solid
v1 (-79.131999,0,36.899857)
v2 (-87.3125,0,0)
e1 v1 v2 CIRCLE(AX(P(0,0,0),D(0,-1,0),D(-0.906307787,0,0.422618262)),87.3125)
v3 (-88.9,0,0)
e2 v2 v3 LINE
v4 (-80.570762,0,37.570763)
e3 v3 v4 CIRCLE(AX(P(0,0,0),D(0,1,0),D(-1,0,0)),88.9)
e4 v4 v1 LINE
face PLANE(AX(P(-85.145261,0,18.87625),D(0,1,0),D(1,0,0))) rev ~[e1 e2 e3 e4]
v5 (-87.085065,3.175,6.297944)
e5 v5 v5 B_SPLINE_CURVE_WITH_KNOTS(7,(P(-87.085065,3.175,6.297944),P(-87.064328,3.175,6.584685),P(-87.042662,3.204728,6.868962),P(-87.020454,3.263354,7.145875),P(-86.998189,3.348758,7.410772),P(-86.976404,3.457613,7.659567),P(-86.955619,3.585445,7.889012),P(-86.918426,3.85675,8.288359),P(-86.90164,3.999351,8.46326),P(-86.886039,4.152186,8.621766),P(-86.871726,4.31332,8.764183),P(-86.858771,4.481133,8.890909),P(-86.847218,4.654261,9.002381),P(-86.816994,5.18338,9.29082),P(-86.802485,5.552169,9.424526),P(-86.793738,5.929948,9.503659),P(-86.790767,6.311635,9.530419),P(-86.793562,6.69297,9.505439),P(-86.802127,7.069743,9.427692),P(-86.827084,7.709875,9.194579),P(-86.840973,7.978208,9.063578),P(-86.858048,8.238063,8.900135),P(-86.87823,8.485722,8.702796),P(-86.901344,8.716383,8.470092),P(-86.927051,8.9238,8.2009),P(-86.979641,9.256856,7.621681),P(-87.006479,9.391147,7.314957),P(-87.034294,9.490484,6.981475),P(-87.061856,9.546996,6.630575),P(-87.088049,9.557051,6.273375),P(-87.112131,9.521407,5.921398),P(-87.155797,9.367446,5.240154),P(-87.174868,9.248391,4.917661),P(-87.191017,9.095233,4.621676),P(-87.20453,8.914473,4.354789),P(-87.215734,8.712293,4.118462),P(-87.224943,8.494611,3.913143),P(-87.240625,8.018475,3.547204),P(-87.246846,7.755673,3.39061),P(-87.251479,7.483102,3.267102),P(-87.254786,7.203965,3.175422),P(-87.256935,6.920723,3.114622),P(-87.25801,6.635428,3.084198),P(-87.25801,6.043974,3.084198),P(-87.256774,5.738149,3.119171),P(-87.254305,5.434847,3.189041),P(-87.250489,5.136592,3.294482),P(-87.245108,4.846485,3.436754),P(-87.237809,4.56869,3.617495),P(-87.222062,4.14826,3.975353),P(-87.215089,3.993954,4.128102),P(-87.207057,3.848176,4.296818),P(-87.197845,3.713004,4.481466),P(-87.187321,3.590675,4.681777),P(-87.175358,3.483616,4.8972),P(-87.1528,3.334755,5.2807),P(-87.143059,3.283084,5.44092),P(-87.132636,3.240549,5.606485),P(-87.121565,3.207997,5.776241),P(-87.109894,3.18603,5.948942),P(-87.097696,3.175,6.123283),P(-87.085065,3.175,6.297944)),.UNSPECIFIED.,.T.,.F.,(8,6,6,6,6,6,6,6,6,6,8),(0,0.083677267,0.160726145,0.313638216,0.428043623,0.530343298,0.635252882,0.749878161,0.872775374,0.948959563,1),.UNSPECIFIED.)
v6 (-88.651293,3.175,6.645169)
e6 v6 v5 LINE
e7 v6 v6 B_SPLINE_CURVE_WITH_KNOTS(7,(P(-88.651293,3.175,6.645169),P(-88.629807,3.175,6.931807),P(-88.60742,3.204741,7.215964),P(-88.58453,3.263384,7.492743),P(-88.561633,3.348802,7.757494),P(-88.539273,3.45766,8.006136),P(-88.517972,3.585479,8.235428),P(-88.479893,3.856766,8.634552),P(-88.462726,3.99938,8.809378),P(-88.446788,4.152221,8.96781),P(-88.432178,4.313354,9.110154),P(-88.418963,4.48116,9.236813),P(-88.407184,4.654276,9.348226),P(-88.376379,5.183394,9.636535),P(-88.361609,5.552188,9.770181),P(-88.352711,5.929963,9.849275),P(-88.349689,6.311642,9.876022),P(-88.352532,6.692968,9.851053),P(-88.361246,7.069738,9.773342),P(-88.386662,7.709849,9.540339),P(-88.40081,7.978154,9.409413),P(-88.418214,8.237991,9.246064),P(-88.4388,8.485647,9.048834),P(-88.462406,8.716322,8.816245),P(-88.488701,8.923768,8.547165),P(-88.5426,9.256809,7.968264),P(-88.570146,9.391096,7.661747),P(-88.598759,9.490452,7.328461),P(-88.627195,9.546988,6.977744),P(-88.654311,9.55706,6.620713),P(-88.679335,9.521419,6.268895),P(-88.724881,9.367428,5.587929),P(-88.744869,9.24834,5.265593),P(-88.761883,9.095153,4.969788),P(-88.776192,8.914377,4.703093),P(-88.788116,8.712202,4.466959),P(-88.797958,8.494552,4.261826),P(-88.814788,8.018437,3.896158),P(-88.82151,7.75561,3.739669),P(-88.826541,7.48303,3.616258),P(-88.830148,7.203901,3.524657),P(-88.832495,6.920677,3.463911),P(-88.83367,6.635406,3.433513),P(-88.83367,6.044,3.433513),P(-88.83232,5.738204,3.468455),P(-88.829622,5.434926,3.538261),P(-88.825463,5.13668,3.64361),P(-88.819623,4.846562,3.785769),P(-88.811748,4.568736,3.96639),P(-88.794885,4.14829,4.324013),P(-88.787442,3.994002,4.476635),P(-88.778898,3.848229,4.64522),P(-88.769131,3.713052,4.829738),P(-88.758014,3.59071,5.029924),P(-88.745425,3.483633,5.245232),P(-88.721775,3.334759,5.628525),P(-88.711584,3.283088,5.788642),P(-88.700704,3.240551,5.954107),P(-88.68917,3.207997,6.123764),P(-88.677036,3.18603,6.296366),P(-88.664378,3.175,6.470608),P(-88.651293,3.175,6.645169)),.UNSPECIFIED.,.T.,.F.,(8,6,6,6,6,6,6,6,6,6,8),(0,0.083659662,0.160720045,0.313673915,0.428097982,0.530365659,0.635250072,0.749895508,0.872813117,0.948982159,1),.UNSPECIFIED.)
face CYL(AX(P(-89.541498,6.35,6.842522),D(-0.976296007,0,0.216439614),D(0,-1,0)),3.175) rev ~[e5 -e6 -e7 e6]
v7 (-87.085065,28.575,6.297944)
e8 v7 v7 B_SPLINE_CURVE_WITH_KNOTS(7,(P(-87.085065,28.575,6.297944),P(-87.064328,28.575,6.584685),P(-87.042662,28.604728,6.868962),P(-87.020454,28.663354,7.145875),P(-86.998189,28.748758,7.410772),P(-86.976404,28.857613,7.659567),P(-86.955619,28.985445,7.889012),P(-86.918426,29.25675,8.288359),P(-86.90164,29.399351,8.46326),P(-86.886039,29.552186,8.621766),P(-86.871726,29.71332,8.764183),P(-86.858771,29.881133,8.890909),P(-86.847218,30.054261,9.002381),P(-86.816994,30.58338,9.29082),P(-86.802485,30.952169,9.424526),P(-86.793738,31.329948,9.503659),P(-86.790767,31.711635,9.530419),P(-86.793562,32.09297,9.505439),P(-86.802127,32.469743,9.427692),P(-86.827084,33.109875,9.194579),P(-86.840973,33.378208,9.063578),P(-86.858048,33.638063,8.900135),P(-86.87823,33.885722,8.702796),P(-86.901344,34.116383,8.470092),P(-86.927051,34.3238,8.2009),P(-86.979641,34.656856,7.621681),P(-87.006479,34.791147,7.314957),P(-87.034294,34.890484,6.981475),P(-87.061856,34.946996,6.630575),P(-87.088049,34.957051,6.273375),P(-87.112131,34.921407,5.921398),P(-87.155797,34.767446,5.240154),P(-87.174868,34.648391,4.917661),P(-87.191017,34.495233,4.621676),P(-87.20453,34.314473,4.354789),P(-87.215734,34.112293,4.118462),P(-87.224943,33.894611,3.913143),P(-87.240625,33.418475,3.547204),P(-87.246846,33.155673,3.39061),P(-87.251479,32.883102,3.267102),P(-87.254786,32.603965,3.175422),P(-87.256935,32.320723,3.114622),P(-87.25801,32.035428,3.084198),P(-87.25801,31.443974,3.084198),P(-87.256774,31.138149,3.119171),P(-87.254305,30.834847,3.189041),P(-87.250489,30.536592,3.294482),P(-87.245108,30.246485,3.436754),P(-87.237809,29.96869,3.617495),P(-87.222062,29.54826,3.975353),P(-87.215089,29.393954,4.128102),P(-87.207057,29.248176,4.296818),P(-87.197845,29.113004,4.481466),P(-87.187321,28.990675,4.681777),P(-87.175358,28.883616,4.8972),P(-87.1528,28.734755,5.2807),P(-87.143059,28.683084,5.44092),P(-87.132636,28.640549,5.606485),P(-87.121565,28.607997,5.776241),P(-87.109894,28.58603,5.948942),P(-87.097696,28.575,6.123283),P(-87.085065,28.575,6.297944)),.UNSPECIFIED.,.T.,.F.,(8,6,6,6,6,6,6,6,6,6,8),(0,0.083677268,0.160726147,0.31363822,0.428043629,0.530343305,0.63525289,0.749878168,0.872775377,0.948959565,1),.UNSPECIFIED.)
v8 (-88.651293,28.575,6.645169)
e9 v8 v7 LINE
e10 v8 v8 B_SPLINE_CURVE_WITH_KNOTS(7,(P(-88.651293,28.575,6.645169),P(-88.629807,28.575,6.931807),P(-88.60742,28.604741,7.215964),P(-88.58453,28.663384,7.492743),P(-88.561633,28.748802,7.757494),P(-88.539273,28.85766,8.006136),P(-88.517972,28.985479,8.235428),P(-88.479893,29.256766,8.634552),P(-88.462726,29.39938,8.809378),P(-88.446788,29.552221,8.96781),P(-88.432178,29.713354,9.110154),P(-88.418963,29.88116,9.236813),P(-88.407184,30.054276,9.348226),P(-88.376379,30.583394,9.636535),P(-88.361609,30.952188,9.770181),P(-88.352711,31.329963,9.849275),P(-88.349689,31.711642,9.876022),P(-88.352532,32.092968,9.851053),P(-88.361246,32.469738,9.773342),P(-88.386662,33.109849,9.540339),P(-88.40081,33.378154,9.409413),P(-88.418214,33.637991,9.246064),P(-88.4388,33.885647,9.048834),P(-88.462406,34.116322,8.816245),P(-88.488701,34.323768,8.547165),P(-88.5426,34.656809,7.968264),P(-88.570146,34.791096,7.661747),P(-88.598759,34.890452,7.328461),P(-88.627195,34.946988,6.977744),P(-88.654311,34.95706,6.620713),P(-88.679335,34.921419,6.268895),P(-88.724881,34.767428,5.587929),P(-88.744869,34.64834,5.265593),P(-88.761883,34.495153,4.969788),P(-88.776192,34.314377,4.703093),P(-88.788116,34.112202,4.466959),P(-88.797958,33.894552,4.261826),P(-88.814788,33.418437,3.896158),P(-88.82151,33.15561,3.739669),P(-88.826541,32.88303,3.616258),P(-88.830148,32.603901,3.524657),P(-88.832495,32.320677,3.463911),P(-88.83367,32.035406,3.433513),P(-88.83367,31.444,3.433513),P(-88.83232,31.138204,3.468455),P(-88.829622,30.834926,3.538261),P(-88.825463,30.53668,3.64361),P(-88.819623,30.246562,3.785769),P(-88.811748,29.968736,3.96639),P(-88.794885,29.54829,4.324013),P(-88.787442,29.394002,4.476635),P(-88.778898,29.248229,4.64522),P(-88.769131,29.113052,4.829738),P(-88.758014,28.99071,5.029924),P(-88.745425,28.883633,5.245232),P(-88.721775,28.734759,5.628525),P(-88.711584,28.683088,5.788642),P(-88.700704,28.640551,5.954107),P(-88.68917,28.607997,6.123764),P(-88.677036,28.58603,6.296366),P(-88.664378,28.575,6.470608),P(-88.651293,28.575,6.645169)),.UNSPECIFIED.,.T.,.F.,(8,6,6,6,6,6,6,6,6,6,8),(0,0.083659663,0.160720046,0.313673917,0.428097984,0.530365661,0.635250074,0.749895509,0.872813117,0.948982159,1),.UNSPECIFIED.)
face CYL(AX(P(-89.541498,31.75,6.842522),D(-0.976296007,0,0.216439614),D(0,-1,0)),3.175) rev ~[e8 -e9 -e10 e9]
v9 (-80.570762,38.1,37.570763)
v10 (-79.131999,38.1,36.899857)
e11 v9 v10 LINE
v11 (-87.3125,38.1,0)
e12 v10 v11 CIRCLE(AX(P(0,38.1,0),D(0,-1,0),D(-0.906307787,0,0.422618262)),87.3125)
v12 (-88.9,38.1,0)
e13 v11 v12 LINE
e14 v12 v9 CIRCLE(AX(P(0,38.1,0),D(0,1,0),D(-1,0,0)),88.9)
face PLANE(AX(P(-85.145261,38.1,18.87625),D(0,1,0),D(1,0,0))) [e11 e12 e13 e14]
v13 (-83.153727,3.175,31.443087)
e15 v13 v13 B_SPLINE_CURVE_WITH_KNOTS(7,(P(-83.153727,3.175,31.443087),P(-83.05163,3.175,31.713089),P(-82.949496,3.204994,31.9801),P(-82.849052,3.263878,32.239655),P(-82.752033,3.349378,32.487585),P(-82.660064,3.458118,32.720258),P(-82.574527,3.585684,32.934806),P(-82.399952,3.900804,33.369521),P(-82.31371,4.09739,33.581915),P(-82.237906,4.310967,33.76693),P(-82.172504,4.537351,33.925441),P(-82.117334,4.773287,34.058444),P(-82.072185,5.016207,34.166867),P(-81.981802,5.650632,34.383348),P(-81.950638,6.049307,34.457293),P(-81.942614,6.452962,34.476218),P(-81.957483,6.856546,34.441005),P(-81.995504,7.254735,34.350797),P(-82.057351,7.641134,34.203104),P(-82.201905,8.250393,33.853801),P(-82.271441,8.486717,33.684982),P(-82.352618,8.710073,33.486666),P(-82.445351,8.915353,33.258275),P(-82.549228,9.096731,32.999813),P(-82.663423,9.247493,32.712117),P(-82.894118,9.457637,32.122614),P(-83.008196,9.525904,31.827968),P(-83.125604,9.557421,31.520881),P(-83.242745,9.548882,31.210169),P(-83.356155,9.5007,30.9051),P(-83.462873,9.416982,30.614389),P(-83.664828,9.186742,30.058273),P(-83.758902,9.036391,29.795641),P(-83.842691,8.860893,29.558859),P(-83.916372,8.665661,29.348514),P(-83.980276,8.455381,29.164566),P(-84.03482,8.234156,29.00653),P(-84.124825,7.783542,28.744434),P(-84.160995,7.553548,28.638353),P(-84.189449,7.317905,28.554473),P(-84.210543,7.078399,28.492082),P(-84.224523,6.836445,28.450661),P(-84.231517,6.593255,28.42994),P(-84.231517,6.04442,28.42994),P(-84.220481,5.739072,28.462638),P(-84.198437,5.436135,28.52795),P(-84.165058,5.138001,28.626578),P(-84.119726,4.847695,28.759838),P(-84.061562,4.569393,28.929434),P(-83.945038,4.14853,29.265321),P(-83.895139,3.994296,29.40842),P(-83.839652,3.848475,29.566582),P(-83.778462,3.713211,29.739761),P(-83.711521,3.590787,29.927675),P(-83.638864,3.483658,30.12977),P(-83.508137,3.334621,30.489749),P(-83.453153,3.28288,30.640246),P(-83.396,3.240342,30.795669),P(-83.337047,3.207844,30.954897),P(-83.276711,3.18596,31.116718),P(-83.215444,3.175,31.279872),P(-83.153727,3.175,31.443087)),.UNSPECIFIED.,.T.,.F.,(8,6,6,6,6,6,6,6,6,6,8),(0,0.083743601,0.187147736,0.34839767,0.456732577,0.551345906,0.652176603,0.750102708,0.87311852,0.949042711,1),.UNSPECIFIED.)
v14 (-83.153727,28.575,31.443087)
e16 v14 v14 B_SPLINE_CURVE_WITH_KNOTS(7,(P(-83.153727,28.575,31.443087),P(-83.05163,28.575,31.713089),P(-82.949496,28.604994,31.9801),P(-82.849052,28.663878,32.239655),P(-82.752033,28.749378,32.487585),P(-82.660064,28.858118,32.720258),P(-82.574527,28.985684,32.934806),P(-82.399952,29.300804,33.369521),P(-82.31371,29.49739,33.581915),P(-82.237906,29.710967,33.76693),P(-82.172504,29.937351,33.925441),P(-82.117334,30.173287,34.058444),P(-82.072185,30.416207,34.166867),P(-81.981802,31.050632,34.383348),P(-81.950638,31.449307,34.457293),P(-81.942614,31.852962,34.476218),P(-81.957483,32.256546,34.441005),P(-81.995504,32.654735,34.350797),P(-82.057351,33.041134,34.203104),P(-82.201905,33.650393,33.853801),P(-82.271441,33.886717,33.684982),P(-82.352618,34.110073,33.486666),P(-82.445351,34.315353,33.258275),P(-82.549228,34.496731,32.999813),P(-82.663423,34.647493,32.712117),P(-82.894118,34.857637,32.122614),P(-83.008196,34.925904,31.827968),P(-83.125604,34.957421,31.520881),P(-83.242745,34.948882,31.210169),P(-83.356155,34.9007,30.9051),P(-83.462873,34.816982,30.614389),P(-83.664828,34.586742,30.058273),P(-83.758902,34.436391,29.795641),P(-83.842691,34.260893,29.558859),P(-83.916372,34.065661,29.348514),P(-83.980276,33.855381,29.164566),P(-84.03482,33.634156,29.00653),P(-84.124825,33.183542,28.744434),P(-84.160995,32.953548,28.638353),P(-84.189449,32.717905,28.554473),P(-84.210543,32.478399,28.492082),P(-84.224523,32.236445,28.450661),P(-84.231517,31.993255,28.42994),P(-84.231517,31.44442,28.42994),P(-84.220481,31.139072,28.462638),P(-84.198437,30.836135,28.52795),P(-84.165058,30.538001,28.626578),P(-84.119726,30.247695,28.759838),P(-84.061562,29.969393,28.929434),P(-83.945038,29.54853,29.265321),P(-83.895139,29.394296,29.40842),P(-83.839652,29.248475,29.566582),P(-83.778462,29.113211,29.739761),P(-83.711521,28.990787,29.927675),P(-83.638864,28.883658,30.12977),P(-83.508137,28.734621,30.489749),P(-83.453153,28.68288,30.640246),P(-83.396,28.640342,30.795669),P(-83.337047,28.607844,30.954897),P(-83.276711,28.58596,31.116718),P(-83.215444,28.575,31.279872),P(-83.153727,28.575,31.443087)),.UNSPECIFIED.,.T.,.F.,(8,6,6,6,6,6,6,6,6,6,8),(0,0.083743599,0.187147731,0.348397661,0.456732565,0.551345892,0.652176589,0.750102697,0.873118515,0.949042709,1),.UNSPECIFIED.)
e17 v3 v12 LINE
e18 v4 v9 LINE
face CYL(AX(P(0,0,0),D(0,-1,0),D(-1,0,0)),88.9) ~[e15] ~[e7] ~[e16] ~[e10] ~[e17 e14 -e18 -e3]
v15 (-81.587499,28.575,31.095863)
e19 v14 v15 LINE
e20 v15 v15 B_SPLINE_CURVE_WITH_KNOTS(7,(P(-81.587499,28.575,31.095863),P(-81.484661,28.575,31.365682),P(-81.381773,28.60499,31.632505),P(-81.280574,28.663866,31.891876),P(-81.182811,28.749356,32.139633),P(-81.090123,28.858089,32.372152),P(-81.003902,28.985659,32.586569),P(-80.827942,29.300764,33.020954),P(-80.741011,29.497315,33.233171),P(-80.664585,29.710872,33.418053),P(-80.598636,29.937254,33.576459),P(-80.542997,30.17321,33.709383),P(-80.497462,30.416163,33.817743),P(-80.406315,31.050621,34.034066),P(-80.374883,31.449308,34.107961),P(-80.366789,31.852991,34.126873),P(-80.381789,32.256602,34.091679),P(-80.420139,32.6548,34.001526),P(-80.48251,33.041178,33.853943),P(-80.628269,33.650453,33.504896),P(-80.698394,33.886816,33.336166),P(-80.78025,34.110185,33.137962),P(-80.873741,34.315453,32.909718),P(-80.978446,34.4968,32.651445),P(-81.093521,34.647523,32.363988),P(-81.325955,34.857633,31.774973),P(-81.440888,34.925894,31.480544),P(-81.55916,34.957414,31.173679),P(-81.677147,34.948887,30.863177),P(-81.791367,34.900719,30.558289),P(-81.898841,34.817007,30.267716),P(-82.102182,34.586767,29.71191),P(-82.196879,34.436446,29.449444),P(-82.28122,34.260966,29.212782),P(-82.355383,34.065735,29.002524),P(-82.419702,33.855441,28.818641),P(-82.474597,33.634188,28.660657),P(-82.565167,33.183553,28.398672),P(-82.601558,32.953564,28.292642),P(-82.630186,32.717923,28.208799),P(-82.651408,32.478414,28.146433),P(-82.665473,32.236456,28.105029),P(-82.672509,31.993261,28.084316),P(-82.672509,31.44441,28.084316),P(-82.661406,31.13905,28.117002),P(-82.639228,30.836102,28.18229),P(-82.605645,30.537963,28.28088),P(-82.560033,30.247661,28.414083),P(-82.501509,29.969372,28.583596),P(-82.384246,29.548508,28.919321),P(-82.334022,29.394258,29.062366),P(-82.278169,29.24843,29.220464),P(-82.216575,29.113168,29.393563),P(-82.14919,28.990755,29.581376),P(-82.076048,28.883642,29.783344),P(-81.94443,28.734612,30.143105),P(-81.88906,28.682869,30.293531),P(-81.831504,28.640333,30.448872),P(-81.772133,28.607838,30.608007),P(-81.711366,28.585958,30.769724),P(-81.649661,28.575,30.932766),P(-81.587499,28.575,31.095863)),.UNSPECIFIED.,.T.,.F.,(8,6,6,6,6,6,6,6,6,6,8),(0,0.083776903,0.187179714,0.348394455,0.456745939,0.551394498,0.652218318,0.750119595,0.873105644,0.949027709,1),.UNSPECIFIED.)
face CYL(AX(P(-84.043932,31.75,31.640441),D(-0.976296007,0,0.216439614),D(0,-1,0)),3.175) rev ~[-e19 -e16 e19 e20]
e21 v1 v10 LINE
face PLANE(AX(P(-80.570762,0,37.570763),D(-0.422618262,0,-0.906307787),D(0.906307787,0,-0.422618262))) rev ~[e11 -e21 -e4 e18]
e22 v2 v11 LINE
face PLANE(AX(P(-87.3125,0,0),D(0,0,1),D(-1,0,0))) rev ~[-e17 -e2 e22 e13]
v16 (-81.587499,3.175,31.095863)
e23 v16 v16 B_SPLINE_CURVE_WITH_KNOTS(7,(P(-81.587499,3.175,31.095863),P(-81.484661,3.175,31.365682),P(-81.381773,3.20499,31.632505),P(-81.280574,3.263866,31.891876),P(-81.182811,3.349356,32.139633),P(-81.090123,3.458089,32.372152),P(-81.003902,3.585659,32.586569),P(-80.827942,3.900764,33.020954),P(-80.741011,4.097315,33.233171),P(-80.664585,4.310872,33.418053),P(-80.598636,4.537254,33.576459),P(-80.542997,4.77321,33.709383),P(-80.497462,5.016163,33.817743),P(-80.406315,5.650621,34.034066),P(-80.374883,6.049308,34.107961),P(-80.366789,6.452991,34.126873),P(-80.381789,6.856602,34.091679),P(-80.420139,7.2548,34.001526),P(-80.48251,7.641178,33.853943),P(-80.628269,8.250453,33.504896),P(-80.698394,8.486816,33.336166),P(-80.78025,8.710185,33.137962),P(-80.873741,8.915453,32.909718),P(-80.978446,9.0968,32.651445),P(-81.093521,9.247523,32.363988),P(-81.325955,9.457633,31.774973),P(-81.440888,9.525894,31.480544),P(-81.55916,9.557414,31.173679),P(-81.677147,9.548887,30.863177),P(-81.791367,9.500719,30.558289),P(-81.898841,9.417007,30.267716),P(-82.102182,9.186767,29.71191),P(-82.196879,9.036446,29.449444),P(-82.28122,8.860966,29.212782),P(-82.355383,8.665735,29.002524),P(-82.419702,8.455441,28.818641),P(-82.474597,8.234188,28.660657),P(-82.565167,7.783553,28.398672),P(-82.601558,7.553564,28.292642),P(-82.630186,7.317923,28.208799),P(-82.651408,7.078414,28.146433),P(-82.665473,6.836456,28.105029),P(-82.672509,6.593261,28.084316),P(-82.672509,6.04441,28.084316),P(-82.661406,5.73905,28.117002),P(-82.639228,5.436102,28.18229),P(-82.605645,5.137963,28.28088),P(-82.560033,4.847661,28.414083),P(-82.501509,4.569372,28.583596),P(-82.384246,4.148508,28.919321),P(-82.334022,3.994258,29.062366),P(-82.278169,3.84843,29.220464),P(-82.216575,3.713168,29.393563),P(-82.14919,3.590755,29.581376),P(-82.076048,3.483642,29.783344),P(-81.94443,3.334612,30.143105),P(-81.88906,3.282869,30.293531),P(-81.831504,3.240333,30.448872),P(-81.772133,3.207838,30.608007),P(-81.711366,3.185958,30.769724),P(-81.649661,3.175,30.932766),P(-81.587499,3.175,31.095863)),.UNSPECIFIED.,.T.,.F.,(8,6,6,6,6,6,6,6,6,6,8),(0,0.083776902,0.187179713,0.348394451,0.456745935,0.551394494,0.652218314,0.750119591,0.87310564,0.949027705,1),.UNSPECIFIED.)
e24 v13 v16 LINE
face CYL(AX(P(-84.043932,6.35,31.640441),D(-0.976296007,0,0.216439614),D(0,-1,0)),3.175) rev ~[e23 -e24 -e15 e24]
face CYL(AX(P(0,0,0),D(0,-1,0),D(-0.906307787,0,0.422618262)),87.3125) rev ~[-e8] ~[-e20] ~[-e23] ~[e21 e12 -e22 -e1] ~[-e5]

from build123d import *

# Parameters (mm, degrees)
BOSS_EXTRUDE1_DEPTH = 38.1
SKETCH3_R           = 3.175
CUT_EXTRUDE1_DEPTH  = 38.1


with BuildPart() as part:
    # Sketch2 → Boss-Extrude1 (new body)
    with BuildSketch(Plane(origin=(0, 0, 0), x_dir=(1, 0, 0), z_dir=(0, 1, 0))):
        with BuildLine():
            ThreePointArc((-79.131998656, -36.899856978), (-85.242845122, -18.897883792), (-87.3125, 0))
            Line((-87.3125, 0), (-88.9, 0))
            ThreePointArc((-88.9, 0), (-86.792715033, -19.241481679), (-80.570762268, -37.570763469))
            Line((-80.570762268, -37.570763469), (-79.131998656, -36.899856978))
        make_face()
    extrude(amount=BOSS_EXTRUDE1_DEPTH)

    # Sketch3 → Cut-Extrude1 (cut)
    with BuildSketch(Plane(origin=(-86.792715033, 0, 19.241481679), x_dir=(0, -1, 0), z_dir=(-0.976296007, 0, 0.216439614))):
        with Locations((-31.75, -12.7)):
            Circle(SKETCH3_R)
        with Locations((-31.75, 12.7)):
            Circle(SKETCH3_R)
        with Locations((-6.35, -12.7)):
            Circle(SKETCH3_R)
        with Locations((-6.35, 12.7)):
            Circle(SKETCH3_R)
    extrude(amount=-CUT_EXTRUDE1_DEPTH, mode=Mode.SUBTRACT)


solid = part.part
